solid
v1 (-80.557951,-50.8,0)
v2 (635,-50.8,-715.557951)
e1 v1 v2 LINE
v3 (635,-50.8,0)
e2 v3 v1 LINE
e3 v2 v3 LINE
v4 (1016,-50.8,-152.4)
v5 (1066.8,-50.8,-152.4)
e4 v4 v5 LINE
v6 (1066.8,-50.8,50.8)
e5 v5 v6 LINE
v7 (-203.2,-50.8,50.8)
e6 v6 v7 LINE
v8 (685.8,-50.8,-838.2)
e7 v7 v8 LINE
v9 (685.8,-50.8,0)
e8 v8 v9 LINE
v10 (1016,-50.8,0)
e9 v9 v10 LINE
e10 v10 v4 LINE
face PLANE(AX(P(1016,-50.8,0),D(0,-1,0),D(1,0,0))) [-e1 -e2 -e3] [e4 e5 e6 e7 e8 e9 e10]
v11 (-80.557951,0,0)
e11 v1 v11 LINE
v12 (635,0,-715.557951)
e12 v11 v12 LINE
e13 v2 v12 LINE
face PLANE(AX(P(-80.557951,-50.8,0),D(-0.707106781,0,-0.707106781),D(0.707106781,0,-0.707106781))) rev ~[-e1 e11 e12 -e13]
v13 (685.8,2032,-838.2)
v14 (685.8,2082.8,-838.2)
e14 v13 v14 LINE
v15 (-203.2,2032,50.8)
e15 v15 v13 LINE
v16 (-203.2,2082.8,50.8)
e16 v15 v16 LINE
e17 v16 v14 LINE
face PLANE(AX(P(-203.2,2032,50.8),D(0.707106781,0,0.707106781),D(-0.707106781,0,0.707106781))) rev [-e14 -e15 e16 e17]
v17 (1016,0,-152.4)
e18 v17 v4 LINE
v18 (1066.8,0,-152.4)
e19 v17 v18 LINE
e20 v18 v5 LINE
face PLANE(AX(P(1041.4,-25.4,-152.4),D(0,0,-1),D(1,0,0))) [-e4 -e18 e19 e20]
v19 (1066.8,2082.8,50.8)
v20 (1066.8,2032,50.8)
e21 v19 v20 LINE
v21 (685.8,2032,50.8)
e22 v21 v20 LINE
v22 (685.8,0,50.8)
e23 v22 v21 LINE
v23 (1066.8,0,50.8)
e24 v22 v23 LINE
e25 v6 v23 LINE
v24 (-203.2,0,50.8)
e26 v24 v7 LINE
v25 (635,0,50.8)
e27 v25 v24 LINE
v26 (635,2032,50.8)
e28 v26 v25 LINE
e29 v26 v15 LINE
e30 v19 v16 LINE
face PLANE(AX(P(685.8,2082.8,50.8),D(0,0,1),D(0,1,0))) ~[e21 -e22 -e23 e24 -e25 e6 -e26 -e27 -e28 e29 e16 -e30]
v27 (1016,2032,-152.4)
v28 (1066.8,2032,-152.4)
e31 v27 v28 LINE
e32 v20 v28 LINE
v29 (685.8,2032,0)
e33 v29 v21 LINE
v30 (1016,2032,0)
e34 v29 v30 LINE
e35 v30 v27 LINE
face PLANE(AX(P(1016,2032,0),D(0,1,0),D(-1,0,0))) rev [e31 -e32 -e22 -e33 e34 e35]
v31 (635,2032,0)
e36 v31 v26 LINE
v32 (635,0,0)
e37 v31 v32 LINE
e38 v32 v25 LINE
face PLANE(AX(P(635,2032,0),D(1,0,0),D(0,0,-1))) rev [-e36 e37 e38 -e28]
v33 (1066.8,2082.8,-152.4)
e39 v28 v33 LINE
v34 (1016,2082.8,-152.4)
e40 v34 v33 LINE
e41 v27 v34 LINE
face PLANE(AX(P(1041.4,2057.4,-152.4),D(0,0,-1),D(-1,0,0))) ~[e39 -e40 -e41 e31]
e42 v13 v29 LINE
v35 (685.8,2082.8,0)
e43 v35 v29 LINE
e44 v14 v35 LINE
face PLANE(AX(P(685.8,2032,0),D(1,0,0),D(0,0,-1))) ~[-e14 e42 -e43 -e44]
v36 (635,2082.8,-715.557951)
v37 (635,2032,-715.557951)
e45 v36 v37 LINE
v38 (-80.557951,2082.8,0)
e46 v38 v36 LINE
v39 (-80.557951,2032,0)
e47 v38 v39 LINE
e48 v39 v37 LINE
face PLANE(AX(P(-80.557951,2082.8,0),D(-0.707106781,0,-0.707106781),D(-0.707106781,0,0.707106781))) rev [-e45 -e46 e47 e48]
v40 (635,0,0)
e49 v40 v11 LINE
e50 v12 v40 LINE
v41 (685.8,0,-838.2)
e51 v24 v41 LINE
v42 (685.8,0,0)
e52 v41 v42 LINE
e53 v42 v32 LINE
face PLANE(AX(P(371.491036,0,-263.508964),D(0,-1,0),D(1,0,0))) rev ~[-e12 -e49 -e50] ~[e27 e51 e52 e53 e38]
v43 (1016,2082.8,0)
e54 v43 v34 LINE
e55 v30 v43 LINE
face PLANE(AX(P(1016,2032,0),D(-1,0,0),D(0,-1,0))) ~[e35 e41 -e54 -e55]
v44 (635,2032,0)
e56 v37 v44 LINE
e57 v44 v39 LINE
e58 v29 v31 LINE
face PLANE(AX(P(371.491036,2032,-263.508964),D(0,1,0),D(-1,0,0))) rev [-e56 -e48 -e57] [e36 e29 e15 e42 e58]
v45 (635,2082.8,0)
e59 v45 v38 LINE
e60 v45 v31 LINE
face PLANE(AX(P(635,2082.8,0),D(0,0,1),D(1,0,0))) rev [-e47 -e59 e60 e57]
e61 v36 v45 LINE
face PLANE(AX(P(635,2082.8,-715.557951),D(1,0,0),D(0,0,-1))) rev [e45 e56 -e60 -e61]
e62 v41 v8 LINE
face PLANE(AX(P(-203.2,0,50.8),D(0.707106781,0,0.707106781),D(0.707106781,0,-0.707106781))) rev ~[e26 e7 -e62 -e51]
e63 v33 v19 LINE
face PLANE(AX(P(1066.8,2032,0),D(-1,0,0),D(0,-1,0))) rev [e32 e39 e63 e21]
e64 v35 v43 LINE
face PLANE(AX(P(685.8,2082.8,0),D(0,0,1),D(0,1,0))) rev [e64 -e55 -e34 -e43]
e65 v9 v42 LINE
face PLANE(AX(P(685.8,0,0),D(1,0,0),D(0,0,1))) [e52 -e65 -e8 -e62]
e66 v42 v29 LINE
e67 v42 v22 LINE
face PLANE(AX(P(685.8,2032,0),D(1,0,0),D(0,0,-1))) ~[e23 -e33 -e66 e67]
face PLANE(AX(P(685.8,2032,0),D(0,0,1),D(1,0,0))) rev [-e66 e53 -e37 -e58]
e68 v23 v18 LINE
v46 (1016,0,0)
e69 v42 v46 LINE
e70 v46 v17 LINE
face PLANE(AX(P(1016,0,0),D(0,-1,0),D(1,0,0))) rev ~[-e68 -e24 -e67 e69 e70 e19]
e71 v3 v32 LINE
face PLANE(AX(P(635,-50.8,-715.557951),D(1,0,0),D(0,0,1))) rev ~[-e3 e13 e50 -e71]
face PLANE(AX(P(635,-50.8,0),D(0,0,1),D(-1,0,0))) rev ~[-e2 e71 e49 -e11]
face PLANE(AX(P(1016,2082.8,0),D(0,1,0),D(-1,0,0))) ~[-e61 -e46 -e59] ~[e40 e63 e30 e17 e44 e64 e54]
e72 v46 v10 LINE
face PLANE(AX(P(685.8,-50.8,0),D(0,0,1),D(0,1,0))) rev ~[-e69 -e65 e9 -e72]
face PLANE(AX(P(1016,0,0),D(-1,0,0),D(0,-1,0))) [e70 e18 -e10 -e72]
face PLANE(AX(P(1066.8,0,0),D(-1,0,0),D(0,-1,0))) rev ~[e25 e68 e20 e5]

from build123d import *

# Parameters (mm, degrees)
F1_DEPTH  = 50.8
F2_W      = 50.8
F2_H      = 50.8
F3_DEPTH  = 1016
F5_W      = 50.8
F5_H      = 50.8
F6_DEPTH  = 381
F9_DEPTH  = 1066.801
F11_W     = 50.8
F11_H     = 50.8
F12_DEPTH = 152.4


with BuildPart() as f1:
    # F0 (on Front) → F1 (new body)
    with BuildSketch(Plane.XZ):
        Polygon((685.8, 50.8), (-203.2, 50.8), (685.8, -838.2), align=None)
    extrude(amount=F1_DEPTH)

    # F2 (on face) → F3 (join)
    with BuildSketch(Plane(origin=(0, 0, 0), x_dir=(-1, 0, 0), z_dir=(0, 1, 0))):
        with Locations((-660.4, 25.4)):
            Rectangle(F2_W, F2_H)
    extrude(amount=F3_DEPTH)

    # F5 (on face) → F6 (join)
    with BuildSketch(Plane.YZ.offset(685.8)):
        with Locations((-25.4, 25.4)):
            Rectangle(F5_W, F5_H)
    extrude(amount=F6_DEPTH)

    # F8 (on face) → F9 (cut, through all)
    with BuildSketch(Plane.XZ.offset(50.8)):
        Polygon((635, -715.5579510314), (635, 0), (-80.5579510314, 0), align=None)
    extrude(amount=-F9_DEPTH, mode=Mode.SUBTRACT)

    # F11 (on face) → F12 (join)
    with BuildSketch(Plane(origin=(0, 0, 0), x_dir=(1, 0, 0), z_dir=(0, 0, -1))):
        with Locations((1041.4, 25.4)):
            Rectangle(F11_W, F11_H)
    extrude(amount=F12_DEPTH)

    # F13: F1 across plane


with BuildPart() as f1_1:
    add(f1.part)
    add(f1.part.mirror(Plane(origin=(660.4, 1016, 25.4), x_dir=(-1, 0, 0), z_dir=(0, 1, 0))))


solid = f1_1.part
